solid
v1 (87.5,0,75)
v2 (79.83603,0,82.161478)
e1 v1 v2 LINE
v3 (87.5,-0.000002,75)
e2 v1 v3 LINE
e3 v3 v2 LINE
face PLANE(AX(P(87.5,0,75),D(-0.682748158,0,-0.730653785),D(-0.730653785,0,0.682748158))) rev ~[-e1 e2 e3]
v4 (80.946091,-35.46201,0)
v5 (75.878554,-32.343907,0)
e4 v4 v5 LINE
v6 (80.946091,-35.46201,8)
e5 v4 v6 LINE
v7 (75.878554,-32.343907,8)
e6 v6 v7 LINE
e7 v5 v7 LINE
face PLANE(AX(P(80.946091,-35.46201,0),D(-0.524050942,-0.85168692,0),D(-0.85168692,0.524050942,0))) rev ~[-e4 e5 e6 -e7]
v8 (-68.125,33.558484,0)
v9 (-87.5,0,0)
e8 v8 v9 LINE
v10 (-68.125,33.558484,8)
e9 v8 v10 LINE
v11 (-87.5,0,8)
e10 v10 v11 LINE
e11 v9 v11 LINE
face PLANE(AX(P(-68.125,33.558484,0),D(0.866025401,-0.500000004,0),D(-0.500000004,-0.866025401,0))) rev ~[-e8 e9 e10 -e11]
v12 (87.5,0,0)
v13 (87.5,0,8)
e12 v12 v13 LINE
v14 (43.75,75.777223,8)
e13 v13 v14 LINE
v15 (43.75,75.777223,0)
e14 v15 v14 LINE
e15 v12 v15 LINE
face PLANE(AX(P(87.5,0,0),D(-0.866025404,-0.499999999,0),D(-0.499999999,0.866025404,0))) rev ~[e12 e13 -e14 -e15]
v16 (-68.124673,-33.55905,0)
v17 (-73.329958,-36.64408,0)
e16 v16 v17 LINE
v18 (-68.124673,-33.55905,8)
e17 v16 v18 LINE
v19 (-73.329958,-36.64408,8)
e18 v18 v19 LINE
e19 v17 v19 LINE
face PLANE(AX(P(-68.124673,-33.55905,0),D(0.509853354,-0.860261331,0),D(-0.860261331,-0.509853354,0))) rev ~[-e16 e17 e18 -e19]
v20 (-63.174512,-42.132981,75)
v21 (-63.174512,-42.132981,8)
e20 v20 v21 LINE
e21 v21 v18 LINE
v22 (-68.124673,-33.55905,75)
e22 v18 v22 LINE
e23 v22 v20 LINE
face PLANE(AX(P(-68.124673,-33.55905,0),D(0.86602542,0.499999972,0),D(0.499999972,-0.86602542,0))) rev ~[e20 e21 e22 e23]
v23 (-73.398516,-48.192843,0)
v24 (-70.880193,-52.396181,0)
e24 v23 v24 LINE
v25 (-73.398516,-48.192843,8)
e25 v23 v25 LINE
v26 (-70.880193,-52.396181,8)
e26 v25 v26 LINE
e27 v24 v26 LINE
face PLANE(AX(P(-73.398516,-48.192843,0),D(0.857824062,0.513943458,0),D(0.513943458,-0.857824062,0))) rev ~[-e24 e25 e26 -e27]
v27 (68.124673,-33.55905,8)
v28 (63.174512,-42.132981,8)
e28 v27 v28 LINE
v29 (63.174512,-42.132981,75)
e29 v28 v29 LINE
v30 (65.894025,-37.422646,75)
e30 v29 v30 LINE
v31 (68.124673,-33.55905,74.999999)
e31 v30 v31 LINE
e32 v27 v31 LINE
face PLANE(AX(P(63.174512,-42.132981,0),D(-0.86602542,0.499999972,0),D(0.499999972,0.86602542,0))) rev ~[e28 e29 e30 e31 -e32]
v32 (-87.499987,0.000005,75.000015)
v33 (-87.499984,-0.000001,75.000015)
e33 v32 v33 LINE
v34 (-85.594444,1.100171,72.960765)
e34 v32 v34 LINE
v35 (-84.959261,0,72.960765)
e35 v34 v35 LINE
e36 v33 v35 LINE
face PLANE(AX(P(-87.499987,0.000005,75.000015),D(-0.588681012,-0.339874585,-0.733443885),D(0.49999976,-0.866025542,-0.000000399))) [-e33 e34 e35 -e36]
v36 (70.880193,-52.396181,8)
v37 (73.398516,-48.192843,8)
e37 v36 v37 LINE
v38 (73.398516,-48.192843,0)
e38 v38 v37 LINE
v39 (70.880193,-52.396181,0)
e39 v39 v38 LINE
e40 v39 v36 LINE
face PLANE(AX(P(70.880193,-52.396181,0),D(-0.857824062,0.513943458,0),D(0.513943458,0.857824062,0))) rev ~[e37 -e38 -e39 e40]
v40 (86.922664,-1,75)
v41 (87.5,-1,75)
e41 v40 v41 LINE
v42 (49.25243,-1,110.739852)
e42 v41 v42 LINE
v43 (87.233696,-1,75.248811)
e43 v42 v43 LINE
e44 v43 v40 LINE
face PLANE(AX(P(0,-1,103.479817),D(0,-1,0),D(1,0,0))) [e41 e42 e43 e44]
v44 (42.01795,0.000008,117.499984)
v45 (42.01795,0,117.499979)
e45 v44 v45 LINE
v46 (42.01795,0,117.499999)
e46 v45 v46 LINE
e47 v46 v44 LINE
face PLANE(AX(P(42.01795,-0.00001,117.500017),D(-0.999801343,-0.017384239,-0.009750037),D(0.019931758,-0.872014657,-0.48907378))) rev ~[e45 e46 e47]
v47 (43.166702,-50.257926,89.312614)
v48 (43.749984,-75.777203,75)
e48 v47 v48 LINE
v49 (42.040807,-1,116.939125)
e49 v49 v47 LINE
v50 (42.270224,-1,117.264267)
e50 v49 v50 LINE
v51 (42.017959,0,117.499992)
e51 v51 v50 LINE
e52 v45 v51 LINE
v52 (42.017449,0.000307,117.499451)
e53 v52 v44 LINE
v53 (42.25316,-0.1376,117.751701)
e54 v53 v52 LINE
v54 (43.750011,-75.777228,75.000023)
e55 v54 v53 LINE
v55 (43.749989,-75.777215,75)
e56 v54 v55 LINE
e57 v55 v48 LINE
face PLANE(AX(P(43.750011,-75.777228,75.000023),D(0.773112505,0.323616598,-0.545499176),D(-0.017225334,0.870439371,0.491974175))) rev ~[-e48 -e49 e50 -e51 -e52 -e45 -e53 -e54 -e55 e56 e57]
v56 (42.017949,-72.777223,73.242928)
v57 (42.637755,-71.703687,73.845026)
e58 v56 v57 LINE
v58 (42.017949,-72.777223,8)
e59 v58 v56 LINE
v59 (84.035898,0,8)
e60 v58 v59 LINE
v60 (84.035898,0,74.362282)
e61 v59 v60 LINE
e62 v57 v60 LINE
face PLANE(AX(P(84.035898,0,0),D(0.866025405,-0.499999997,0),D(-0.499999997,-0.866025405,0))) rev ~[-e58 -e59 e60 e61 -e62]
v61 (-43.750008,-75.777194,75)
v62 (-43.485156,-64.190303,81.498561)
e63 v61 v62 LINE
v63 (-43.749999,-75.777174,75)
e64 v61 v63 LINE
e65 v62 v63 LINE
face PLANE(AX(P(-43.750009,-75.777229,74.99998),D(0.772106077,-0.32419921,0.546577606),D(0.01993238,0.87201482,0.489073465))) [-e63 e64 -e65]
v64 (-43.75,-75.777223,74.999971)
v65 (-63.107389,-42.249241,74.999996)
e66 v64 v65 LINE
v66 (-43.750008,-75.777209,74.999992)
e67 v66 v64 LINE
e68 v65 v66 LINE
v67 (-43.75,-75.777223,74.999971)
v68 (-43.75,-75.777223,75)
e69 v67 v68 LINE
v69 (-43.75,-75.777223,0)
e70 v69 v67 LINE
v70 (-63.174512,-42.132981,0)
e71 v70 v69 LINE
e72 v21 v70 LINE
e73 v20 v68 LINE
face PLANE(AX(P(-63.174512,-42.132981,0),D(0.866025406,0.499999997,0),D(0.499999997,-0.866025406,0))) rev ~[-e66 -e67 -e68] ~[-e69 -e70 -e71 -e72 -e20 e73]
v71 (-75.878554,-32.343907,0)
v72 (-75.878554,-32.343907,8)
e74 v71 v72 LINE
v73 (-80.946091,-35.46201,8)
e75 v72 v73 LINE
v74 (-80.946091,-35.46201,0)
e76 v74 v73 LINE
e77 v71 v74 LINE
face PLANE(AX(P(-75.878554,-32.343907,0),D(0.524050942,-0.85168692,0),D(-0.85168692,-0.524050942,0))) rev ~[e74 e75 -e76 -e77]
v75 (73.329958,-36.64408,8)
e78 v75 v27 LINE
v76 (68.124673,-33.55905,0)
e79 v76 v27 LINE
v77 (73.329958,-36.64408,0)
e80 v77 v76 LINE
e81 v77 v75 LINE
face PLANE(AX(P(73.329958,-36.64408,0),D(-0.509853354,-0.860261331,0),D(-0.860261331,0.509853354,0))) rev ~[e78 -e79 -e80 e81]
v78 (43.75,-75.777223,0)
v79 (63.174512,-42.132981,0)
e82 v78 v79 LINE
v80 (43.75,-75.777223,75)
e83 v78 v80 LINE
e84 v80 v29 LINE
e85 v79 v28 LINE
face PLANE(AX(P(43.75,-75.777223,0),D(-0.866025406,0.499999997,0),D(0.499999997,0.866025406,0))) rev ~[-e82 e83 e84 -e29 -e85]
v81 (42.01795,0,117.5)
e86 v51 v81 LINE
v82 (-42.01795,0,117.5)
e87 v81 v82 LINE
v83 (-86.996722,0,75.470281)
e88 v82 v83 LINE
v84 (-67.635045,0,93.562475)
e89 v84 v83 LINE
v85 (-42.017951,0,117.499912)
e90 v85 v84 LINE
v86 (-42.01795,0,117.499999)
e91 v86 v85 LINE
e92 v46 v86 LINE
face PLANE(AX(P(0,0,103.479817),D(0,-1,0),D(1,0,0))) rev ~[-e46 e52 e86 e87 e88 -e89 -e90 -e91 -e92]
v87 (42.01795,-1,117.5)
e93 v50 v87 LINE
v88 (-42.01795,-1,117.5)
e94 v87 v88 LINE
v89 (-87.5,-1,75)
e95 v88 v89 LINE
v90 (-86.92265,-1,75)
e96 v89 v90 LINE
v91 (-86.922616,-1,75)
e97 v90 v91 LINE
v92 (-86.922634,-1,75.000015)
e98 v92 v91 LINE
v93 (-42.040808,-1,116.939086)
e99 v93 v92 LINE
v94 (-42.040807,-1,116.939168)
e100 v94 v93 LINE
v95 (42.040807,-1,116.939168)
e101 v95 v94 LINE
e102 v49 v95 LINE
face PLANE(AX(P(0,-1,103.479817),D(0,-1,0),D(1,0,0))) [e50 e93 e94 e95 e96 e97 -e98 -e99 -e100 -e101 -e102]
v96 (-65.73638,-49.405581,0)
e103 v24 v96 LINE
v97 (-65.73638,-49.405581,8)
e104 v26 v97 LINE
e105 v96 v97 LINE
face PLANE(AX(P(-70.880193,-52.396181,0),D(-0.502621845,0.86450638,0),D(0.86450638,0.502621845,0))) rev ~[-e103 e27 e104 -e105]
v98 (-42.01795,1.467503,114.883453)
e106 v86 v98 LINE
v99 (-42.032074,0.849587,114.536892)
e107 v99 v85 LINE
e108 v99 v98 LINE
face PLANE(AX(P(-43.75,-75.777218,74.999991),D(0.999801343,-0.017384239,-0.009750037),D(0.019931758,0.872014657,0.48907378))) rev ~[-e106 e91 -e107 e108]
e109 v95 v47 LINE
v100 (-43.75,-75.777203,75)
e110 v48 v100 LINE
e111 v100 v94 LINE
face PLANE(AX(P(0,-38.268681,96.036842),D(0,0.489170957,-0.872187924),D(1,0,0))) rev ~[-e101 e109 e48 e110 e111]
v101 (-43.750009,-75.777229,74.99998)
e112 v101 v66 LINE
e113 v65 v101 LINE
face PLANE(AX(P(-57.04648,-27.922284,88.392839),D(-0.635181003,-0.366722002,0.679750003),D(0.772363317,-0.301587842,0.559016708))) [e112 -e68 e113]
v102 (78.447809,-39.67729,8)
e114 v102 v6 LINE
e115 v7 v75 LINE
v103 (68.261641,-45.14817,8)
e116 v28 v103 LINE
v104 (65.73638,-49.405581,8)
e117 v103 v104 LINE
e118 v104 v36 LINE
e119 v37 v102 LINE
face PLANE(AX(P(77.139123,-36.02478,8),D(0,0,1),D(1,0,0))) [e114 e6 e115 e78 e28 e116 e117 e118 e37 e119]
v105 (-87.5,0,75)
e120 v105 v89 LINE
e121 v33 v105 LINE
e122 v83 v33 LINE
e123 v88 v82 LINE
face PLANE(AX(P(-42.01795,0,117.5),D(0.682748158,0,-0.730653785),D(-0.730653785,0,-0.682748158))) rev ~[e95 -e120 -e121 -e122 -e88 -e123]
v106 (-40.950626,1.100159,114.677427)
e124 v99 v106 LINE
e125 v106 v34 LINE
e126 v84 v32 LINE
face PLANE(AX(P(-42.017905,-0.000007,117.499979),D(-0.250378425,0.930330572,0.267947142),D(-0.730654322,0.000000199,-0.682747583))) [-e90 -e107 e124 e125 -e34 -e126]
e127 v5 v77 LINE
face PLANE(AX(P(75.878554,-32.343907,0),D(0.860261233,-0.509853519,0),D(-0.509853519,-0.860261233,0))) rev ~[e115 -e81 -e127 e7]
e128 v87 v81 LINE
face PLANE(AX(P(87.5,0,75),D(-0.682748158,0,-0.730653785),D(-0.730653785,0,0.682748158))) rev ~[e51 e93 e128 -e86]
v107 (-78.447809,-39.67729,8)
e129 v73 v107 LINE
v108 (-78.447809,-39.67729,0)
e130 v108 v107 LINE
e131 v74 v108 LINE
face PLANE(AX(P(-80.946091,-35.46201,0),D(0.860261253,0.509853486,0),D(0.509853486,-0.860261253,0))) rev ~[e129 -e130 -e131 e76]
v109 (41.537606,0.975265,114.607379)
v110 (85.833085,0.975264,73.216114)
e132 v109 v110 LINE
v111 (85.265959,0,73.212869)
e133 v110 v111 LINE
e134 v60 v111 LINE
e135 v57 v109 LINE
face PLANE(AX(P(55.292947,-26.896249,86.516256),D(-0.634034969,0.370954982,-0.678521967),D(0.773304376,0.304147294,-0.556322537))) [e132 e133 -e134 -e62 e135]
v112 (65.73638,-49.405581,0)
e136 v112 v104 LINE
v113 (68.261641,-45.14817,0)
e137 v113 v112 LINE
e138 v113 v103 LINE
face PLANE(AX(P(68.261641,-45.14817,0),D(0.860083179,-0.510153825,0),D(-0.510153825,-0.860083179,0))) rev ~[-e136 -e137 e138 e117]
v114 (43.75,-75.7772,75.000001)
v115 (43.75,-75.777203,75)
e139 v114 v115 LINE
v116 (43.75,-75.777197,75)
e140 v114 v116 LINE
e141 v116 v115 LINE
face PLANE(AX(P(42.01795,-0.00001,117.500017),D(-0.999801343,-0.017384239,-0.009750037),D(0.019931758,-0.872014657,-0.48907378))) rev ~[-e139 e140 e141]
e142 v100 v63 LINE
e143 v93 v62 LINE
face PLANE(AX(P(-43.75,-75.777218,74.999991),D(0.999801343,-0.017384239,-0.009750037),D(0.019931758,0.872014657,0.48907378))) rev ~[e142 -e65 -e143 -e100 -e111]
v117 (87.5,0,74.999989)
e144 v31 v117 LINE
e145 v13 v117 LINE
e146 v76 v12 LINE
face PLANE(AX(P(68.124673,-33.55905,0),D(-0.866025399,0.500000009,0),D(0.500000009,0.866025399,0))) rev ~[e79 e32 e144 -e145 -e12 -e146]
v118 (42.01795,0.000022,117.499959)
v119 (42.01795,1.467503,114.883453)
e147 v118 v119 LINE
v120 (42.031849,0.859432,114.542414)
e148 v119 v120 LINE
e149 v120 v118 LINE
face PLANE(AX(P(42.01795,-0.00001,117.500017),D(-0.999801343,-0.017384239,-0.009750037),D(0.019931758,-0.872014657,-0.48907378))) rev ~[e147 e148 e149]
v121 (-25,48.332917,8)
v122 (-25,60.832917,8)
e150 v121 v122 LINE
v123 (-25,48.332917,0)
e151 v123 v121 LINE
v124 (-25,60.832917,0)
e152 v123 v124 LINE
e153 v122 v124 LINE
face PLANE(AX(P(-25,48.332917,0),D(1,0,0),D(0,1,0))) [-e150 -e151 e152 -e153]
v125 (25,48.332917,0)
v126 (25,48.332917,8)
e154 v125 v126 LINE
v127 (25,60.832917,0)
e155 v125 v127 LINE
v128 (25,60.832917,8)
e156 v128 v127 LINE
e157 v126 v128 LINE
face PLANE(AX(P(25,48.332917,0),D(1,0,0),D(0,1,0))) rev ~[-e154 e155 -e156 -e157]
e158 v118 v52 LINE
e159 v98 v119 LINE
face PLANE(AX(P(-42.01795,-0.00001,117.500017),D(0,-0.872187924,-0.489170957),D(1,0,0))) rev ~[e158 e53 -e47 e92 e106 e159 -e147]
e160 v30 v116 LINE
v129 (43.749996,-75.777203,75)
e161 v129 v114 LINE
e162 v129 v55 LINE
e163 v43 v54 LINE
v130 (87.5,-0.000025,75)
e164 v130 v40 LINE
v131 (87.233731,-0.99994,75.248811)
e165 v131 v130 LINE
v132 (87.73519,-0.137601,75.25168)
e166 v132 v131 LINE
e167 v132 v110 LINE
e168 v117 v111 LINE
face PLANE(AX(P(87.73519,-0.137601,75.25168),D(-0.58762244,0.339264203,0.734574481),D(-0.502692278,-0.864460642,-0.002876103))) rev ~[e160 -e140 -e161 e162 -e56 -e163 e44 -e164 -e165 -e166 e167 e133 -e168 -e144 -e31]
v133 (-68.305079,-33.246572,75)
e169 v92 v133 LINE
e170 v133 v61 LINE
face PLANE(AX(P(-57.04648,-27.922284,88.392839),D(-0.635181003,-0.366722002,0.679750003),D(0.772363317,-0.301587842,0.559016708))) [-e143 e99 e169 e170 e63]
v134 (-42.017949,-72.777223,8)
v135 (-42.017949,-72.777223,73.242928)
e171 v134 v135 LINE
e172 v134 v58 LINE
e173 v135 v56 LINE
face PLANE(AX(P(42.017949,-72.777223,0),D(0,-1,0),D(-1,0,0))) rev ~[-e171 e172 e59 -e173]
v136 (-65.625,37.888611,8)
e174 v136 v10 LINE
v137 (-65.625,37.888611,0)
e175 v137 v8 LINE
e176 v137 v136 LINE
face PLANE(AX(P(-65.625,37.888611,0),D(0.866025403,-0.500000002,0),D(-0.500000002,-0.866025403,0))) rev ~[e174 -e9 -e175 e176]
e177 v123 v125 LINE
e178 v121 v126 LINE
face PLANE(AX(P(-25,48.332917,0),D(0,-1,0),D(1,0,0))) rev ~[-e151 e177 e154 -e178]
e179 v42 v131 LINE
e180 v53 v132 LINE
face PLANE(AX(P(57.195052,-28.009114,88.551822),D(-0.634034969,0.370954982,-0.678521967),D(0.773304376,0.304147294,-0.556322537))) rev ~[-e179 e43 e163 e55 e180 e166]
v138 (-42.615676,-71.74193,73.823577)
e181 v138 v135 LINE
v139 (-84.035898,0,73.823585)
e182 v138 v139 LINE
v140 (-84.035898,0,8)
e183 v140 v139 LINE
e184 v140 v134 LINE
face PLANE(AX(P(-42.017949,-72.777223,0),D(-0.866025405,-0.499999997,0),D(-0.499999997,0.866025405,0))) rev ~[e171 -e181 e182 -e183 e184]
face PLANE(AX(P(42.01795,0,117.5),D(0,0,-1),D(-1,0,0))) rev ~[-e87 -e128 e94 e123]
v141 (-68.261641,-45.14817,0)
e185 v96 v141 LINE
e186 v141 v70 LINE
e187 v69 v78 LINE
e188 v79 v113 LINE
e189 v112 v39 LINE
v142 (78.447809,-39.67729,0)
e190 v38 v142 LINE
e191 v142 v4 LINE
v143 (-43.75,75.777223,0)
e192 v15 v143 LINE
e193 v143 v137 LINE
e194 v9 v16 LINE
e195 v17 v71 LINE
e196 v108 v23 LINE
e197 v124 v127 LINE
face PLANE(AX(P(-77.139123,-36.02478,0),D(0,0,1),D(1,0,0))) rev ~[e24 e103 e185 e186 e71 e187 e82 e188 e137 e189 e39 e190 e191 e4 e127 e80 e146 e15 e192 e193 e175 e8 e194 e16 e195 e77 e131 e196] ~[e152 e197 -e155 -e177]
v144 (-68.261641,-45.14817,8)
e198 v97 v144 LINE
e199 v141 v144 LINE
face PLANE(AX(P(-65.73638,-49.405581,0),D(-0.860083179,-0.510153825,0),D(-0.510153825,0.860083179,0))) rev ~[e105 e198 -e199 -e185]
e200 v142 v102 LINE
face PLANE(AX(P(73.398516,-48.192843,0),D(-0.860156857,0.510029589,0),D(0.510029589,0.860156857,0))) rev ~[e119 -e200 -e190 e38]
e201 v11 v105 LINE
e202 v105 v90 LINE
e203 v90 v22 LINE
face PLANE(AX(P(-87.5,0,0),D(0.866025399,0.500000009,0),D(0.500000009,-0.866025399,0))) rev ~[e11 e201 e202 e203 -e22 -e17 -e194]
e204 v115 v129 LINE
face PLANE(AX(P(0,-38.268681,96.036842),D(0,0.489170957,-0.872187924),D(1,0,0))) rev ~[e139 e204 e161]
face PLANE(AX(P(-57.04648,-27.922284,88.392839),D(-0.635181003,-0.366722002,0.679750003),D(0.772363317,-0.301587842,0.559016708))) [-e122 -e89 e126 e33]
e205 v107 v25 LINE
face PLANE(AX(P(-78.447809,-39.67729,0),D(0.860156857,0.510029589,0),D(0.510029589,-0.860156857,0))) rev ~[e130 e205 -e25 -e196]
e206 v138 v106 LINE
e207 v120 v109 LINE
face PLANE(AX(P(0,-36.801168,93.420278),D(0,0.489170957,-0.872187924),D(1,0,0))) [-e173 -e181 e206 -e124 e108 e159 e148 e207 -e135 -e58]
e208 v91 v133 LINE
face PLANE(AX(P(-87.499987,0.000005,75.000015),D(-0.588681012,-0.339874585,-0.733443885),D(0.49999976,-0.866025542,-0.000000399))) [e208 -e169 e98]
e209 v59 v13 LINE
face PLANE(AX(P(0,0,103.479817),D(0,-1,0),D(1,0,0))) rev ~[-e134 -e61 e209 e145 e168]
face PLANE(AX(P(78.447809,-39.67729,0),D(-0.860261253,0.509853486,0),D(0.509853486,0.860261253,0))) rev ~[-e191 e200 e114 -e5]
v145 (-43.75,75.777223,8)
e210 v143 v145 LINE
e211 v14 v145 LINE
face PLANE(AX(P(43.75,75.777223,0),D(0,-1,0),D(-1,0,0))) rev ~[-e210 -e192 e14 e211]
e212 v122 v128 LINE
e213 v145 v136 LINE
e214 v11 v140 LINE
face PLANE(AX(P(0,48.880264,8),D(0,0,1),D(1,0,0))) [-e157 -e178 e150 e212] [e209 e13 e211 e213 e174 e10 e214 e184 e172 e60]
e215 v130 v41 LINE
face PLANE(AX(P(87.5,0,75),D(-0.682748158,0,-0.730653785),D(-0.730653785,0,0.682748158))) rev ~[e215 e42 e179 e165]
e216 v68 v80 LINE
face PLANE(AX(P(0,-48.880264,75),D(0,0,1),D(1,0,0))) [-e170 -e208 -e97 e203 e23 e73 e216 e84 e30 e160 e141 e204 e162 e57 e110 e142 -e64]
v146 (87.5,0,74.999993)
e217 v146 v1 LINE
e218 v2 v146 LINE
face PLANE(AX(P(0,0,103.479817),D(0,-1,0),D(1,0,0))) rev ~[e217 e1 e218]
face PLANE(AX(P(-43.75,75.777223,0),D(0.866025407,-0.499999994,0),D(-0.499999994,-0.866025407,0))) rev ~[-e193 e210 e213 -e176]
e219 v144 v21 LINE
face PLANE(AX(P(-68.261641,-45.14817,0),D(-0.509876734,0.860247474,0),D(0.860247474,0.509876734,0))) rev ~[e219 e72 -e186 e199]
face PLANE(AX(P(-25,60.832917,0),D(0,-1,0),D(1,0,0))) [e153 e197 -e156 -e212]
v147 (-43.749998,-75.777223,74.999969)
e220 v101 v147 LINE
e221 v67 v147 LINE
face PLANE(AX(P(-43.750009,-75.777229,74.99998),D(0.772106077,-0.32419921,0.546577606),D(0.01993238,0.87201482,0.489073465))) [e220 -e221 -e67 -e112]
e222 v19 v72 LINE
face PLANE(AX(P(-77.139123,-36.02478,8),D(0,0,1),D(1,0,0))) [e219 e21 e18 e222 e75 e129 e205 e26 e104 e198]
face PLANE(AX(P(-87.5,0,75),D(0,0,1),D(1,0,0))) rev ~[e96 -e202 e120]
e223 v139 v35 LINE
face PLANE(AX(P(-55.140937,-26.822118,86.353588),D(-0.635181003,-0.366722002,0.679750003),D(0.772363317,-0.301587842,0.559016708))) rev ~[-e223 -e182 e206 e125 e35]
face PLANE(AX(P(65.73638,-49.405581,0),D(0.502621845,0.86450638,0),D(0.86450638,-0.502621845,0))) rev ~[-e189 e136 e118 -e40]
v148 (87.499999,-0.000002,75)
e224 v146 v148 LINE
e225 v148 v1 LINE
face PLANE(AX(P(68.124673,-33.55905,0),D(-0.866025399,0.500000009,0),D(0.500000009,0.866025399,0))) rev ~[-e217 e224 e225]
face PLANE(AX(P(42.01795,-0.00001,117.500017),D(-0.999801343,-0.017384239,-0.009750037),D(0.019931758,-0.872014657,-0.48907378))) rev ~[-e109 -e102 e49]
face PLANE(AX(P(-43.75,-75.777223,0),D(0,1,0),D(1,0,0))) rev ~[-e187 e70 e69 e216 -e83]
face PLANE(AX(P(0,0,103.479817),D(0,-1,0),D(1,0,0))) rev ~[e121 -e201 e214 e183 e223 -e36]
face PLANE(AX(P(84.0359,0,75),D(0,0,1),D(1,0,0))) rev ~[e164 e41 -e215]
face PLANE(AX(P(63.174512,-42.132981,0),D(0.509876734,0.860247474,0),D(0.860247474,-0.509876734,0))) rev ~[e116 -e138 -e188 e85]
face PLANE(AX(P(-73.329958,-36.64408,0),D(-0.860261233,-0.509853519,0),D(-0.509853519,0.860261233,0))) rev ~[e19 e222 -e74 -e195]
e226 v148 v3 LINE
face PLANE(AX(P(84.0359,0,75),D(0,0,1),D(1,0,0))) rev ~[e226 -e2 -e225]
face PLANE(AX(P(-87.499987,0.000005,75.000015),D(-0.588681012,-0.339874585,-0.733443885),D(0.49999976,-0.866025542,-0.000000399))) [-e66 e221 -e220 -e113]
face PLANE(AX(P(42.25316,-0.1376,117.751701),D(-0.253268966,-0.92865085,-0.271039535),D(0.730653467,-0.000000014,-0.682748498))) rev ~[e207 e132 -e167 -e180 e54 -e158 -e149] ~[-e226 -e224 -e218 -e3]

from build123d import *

# Parameters (mm, degrees)
F0_W      = 50
F0_H      = 12.5
F1_DEPTH  = 8
F2_DEPTH  = 75
F4_DEPTH  = 8
F7_DEPTH  = 3
F8_DEPTH  = 1
F11_DEPTH = 3
F14_DEPTH = 3
F15_DEPTH = 8
F16_DEPTH = 8
F17_DEPTH = 12.5


with BuildPart() as f1:
    # F0 (on Top) → F1 (new body)
    with BuildSketch(Plane.XY):
        Polygon((42.017949, -72.777223), (84.035898, 0), (42.017949, 72.777223), (-42.017949, 72.777223), (-84.035898, 0), (-42.017949, -72.777223), align=None)
        with Locations((0, 54.582917)):
            Rectangle(F0_W, F0_H, mode=Mode.SUBTRACT)
    extrude(amount=F1_DEPTH)

    # F0 (on Top) → F2 (join)
    with BuildSketch(Plane.XY):
        Polygon((68.124673, -33.55905), (87.5, 0), (84.035898, 0), (42.017949, -72.777223), (-42.017949, -72.777223), (-84.035898, 0), (-87.5, 0), (-68.124673, -33.55905), (-63.174512, -42.132981), (-43.75, -75.777223), (43.75, -75.777223), (63.174512, -42.132981), align=None)
    extrude(amount=F2_DEPTH)

    # F0 (on Top) → F4 (join)
    with BuildSketch(Plane.XY):
        Polygon((43.75, 75.777223), (-43.75, 75.777223), (-65.625, 37.888611), (-68.125, 33.558484), (-87.5, 0), (-84.035898, 0), (-42.017949, 72.777223), (42.017949, 72.777223), (84.035898, 0), (87.5, 0), align=None)
    extrude(amount=F4_DEPTH)

    # F6 (on face) → F7 (join)
    with BuildSketch(Plane(origin=(0, -50.131237, 89.383668), x_dir=(1, 0, 0), z_dir=(0, 0.489171, -0.872188))):
        Polygon((43.75, 29.404192), (0, 29.404192), (-43.75, 29.404192), (-42.01795, -57.477552), (42.01795, -57.477552), align=None)
    extrude(amount=F7_DEPTH)

    # F3 (on Front) → F8 (join)
    with BuildSketch(Plane.XZ):
        Polygon((-42.01795, 114.5), (0, 114.5), (42.01795, 114.5), (84.0359, 75), (87.5, 75), (42.01795, 117.5), (0, 117.5), (-42.01795, 117.5), (-87.5, 75), (-84.0359, 75), align=None)
    extrude(amount=F8_DEPTH)

    # F10 (on face) → F11 (join)
    with BuildSketch(Plane(origin=(-67.684673, -39.077764, 72.433827), x_dir=(0.772363, -0.301588, 0.559017), z_dir=(-0.635181, -0.366722, 0.67975))):
        Polygon((33.231426, 55.789645), (-25.65546, 35.610412), (30.988892, -31.080422), align=None)
    extrude(amount=-F11_DEPTH)

    # F13 (on face) → F14 (join)
    with BuildSketch(Plane(origin=(67.675669, -39.595085, 72.424192), x_dir=(0.773305, 0.304147, -0.556322), z_dir=(-0.634035, 0.370955, -0.678522))):
        Polygon((-30.93951, 30.511739), (-32.875165, -56.364915), (25.940007, -35.977606), align=None)
    extrude(amount=F14_DEPTH)

    # F0 (on Top) → F15 (join)
    with BuildSketch(Plane.XY):
        with Locations((0, 54.582917)):
            Rectangle(F0_W, F0_H)
    extrude(amount=F15_DEPTH)

    # F0 (on Top) → F16 (join)
    with BuildSketch(Plane.XY):
        Polygon((-78.447809, -39.67729), (-73.329958, -36.64408), (-75.878554, -32.343907), (-80.946091, -35.46201), align=None)
        Polygon((-63.174512, -42.132981), (-68.124673, -33.55905), (-73.329958, -36.64408), (-78.447809, -39.67729), (-73.398516, -48.192843), (-68.261641, -45.14817), align=None)
        Polygon((-65.73638, -49.405581), (-68.261641, -45.14817), (-73.398516, -48.192843), (-70.880193, -52.396181), align=None)
        Polygon((75.878554, -32.343907), (73.329958, -36.64408), (78.447809, -39.67729), (80.946091, -35.46201), align=None)
        Polygon((73.329958, -36.64408), (68.124673, -33.55905), (63.174512, -42.132981), (68.261641, -45.14817), (73.398516, -48.192843), (78.447809, -39.67729), align=None)
        Polygon((73.398516, -48.192843), (68.261641, -45.14817), (65.73638, -49.405581), (70.880193, -52.396181), align=None)
    extrude(amount=F16_DEPTH)

    # F0 (on Top) → F17 (cut, symmetric)
    with BuildSketch(Plane.XY):
        with Locations((0, 54.582917)):
            Rectangle(F0_W, F0_H)
    extrude(amount=F17_DEPTH, both=True, mode=Mode.SUBTRACT)


solid = f1.part
